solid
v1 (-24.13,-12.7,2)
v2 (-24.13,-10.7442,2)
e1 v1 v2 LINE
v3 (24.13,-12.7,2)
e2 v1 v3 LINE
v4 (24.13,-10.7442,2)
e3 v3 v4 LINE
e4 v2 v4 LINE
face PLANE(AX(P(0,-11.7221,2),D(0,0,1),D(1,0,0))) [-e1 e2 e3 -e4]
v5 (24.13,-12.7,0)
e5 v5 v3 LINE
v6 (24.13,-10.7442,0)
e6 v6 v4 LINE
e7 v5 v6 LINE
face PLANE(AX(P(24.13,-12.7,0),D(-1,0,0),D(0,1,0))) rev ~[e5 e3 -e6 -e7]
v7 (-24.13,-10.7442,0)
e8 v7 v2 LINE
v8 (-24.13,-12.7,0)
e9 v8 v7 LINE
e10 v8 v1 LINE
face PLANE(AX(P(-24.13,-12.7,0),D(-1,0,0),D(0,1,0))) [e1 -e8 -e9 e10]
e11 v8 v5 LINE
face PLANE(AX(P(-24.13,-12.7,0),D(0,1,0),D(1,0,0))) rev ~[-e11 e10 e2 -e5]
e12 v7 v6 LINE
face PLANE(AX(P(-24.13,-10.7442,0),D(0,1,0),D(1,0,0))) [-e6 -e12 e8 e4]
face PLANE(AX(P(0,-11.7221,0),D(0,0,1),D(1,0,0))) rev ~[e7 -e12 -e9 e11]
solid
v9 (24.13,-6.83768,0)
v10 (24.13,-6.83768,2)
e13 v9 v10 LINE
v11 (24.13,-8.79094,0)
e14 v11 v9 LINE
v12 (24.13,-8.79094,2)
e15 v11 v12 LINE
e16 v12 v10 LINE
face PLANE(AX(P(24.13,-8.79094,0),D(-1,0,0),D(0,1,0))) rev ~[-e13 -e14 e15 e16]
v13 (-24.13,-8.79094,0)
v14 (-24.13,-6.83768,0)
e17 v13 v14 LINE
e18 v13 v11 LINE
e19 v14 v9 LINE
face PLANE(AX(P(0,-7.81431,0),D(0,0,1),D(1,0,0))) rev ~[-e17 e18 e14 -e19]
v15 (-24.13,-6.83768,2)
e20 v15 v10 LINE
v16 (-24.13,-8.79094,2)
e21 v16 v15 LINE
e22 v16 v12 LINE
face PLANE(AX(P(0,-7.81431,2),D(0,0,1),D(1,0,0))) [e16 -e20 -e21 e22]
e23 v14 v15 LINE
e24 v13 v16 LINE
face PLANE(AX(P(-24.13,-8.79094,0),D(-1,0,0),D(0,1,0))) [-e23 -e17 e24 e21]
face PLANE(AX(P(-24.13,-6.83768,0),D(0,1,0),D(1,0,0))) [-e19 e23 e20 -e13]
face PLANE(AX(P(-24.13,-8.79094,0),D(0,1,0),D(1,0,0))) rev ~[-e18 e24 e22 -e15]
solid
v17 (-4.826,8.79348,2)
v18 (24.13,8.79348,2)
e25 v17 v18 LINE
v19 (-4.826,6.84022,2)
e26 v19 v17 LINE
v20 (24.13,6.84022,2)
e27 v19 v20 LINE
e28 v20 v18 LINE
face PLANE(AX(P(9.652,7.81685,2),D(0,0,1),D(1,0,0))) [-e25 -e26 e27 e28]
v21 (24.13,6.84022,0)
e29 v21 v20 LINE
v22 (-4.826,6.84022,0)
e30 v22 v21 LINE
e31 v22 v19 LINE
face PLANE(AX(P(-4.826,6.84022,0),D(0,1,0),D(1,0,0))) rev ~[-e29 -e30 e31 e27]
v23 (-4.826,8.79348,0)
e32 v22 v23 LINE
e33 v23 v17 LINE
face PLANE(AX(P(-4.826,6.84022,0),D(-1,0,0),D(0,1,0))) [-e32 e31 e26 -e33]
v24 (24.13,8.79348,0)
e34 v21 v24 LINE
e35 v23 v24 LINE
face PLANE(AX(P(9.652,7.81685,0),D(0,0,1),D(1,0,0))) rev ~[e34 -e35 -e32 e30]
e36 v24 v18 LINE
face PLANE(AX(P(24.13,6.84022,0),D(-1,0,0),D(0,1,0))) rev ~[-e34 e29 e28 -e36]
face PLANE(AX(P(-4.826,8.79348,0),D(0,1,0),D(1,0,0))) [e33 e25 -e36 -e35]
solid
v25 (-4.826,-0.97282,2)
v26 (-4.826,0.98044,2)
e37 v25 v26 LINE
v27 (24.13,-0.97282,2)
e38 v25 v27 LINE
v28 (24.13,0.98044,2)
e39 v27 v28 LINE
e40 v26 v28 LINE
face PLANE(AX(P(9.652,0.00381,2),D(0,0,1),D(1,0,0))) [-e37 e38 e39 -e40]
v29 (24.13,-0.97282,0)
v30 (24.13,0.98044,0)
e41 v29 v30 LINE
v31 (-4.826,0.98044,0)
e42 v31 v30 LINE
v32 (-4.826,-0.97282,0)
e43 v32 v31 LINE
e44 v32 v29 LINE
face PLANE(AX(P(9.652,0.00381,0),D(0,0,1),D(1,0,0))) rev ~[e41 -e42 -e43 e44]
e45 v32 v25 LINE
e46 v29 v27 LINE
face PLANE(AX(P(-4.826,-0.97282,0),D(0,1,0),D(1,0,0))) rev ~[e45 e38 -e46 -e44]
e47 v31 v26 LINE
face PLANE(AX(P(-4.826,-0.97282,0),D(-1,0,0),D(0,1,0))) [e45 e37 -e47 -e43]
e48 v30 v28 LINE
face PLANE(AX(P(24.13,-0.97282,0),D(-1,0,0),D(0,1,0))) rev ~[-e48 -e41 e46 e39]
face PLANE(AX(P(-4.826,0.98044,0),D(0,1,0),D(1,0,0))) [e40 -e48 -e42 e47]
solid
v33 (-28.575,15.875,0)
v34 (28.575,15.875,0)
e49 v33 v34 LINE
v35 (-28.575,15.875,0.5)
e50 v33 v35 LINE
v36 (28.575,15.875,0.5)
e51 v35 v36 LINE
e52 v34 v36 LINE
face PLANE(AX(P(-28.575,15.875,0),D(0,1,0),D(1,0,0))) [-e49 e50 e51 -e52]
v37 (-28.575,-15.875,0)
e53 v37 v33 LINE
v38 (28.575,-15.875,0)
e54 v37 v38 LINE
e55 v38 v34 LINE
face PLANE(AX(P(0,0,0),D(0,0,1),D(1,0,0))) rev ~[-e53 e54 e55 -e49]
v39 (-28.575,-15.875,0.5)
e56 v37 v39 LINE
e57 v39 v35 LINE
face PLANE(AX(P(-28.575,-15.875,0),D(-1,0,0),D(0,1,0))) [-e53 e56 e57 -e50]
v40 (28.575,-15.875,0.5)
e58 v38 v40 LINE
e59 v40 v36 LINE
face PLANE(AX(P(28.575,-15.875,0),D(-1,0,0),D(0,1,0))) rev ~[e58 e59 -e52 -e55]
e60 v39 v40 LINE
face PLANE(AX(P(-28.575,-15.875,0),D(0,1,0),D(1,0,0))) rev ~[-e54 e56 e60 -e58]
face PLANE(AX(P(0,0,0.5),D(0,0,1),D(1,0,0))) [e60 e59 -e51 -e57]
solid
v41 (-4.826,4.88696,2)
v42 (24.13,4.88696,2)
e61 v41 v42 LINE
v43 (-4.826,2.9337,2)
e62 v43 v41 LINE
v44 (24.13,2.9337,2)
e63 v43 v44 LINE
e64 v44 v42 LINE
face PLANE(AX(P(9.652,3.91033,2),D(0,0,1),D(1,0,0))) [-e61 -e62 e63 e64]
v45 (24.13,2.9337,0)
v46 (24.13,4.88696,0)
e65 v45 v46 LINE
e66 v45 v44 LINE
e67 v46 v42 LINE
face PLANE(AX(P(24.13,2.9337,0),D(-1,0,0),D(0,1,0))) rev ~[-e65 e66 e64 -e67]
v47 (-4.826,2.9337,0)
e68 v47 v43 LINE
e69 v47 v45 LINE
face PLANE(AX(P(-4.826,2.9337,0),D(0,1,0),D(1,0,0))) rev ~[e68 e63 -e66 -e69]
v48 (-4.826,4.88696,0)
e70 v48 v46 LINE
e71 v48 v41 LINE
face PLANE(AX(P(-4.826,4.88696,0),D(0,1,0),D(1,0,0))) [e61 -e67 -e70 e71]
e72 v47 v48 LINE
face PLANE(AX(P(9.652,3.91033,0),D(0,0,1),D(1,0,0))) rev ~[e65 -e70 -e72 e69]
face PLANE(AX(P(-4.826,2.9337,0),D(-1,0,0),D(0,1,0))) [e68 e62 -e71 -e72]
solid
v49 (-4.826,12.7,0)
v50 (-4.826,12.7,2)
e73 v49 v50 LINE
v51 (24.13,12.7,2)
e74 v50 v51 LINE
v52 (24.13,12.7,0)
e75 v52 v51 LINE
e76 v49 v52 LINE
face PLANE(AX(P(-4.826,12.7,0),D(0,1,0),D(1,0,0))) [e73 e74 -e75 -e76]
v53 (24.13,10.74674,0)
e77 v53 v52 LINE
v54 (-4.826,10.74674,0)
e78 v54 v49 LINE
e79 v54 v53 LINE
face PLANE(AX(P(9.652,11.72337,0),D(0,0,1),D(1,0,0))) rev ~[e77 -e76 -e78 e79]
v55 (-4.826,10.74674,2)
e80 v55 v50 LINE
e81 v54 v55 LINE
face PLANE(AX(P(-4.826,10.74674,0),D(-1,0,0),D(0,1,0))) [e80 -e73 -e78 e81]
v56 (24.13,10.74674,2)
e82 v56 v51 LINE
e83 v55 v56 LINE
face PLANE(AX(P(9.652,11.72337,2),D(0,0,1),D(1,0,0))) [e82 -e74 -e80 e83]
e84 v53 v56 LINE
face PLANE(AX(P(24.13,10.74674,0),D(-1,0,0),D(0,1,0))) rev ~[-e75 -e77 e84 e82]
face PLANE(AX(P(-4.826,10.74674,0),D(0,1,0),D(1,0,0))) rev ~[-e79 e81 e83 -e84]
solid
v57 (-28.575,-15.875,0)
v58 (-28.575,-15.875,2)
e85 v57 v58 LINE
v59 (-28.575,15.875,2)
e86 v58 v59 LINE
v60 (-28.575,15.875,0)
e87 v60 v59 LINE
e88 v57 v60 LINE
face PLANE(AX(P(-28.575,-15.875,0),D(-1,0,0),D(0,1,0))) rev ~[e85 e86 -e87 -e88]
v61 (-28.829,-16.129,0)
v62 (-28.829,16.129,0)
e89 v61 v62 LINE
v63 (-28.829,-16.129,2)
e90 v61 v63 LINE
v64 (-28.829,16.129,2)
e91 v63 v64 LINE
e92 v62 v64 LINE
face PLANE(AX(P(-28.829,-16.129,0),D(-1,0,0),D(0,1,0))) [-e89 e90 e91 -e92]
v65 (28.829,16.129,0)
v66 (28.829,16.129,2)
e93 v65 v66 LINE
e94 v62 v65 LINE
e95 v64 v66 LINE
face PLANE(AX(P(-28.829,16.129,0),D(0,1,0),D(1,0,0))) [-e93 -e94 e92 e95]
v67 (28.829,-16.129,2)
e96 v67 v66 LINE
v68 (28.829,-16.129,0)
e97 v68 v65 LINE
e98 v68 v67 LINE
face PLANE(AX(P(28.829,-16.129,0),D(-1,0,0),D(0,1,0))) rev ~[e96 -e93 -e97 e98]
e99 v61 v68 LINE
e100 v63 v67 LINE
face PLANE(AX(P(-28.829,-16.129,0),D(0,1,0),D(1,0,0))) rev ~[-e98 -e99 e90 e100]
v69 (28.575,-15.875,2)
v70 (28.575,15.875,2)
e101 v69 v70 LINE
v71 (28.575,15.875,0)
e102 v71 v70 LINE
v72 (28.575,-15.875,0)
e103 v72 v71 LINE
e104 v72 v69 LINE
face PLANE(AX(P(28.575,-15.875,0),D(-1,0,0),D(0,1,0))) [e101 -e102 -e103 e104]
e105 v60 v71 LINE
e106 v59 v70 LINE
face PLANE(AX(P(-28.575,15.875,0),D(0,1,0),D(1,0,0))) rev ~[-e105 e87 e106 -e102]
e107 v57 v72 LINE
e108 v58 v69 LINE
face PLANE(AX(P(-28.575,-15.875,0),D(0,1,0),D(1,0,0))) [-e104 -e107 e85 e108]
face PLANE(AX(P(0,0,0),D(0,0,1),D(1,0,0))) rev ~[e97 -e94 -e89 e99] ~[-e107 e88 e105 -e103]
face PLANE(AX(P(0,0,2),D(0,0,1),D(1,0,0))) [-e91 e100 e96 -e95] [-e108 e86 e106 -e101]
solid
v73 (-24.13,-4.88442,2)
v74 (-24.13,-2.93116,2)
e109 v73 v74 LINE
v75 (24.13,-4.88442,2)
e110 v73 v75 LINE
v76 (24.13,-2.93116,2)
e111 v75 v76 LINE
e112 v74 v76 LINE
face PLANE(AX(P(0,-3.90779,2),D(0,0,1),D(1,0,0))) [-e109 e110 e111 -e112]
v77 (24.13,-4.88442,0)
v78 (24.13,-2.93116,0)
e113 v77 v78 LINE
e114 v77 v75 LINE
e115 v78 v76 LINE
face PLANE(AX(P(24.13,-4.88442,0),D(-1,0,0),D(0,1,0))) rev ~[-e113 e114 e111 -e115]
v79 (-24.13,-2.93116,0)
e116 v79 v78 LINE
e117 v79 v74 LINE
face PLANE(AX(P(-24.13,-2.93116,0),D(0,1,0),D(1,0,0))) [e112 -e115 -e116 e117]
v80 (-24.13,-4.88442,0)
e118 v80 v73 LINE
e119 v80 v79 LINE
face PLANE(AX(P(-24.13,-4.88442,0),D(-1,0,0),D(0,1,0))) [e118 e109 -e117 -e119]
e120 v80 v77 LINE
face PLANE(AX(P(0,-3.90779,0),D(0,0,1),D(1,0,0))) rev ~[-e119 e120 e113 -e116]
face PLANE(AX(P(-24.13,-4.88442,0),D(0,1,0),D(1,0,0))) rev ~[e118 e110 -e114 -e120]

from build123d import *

# Parameters (mm, degrees)
F0_W     = 28.956
F0_H     = 1.95326
F0_W_2   = 48.26
F0_H_2   = 1.9558
F1_DEPTH = 2
F2_W     = 57.658
F2_H     = 32.258
F2_W_2   = 57.15
F2_H_2   = 31.75
F3_DEPTH = 2
F4_W     = 57.15
F4_H     = 31.75
F5_DEPTH = 0.5


with BuildPart() as f1:
    # F0 (on Top) → F1 (new body)
    with BuildSketch(Plane.XY):
        with Locations((9.652, 11.72337)):
            Rectangle(F0_W, F0_H)
        with Locations((9.652, 7.81685)):
            Rectangle(F0_W, F0_H)
        with Locations((9.652, 3.91033)):
            Rectangle(F0_W, F0_H)
        with Locations((9.652, 0.00381)):
            Rectangle(F0_W, F0_H)
        with Locations((0, -3.90779)):
            Rectangle(F0_W_2, F0_H)
        with Locations((0, -7.81431)):
            Rectangle(F0_W_2, F0_H)
        with Locations((0, -11.7221)):
            Rectangle(F0_W_2, F0_H_2)
    extrude(amount=F1_DEPTH)


with BuildPart() as f3:
    # F2 (on Top) → F3 (new body)
    with BuildSketch(Plane.XY):
        Rectangle(F2_W, F2_H)
        Rectangle(F2_W_2, F2_H_2, mode=Mode.SUBTRACT)
    extrude(amount=F3_DEPTH)


with BuildPart() as f5:
    # F4 (on Top) → F5 (new body)
    with BuildSketch(Plane.XY):
        Rectangle(F4_W, F4_H)
    extrude(amount=F5_DEPTH)


solid = Compound([f1.part, f3.part, f5.part])
